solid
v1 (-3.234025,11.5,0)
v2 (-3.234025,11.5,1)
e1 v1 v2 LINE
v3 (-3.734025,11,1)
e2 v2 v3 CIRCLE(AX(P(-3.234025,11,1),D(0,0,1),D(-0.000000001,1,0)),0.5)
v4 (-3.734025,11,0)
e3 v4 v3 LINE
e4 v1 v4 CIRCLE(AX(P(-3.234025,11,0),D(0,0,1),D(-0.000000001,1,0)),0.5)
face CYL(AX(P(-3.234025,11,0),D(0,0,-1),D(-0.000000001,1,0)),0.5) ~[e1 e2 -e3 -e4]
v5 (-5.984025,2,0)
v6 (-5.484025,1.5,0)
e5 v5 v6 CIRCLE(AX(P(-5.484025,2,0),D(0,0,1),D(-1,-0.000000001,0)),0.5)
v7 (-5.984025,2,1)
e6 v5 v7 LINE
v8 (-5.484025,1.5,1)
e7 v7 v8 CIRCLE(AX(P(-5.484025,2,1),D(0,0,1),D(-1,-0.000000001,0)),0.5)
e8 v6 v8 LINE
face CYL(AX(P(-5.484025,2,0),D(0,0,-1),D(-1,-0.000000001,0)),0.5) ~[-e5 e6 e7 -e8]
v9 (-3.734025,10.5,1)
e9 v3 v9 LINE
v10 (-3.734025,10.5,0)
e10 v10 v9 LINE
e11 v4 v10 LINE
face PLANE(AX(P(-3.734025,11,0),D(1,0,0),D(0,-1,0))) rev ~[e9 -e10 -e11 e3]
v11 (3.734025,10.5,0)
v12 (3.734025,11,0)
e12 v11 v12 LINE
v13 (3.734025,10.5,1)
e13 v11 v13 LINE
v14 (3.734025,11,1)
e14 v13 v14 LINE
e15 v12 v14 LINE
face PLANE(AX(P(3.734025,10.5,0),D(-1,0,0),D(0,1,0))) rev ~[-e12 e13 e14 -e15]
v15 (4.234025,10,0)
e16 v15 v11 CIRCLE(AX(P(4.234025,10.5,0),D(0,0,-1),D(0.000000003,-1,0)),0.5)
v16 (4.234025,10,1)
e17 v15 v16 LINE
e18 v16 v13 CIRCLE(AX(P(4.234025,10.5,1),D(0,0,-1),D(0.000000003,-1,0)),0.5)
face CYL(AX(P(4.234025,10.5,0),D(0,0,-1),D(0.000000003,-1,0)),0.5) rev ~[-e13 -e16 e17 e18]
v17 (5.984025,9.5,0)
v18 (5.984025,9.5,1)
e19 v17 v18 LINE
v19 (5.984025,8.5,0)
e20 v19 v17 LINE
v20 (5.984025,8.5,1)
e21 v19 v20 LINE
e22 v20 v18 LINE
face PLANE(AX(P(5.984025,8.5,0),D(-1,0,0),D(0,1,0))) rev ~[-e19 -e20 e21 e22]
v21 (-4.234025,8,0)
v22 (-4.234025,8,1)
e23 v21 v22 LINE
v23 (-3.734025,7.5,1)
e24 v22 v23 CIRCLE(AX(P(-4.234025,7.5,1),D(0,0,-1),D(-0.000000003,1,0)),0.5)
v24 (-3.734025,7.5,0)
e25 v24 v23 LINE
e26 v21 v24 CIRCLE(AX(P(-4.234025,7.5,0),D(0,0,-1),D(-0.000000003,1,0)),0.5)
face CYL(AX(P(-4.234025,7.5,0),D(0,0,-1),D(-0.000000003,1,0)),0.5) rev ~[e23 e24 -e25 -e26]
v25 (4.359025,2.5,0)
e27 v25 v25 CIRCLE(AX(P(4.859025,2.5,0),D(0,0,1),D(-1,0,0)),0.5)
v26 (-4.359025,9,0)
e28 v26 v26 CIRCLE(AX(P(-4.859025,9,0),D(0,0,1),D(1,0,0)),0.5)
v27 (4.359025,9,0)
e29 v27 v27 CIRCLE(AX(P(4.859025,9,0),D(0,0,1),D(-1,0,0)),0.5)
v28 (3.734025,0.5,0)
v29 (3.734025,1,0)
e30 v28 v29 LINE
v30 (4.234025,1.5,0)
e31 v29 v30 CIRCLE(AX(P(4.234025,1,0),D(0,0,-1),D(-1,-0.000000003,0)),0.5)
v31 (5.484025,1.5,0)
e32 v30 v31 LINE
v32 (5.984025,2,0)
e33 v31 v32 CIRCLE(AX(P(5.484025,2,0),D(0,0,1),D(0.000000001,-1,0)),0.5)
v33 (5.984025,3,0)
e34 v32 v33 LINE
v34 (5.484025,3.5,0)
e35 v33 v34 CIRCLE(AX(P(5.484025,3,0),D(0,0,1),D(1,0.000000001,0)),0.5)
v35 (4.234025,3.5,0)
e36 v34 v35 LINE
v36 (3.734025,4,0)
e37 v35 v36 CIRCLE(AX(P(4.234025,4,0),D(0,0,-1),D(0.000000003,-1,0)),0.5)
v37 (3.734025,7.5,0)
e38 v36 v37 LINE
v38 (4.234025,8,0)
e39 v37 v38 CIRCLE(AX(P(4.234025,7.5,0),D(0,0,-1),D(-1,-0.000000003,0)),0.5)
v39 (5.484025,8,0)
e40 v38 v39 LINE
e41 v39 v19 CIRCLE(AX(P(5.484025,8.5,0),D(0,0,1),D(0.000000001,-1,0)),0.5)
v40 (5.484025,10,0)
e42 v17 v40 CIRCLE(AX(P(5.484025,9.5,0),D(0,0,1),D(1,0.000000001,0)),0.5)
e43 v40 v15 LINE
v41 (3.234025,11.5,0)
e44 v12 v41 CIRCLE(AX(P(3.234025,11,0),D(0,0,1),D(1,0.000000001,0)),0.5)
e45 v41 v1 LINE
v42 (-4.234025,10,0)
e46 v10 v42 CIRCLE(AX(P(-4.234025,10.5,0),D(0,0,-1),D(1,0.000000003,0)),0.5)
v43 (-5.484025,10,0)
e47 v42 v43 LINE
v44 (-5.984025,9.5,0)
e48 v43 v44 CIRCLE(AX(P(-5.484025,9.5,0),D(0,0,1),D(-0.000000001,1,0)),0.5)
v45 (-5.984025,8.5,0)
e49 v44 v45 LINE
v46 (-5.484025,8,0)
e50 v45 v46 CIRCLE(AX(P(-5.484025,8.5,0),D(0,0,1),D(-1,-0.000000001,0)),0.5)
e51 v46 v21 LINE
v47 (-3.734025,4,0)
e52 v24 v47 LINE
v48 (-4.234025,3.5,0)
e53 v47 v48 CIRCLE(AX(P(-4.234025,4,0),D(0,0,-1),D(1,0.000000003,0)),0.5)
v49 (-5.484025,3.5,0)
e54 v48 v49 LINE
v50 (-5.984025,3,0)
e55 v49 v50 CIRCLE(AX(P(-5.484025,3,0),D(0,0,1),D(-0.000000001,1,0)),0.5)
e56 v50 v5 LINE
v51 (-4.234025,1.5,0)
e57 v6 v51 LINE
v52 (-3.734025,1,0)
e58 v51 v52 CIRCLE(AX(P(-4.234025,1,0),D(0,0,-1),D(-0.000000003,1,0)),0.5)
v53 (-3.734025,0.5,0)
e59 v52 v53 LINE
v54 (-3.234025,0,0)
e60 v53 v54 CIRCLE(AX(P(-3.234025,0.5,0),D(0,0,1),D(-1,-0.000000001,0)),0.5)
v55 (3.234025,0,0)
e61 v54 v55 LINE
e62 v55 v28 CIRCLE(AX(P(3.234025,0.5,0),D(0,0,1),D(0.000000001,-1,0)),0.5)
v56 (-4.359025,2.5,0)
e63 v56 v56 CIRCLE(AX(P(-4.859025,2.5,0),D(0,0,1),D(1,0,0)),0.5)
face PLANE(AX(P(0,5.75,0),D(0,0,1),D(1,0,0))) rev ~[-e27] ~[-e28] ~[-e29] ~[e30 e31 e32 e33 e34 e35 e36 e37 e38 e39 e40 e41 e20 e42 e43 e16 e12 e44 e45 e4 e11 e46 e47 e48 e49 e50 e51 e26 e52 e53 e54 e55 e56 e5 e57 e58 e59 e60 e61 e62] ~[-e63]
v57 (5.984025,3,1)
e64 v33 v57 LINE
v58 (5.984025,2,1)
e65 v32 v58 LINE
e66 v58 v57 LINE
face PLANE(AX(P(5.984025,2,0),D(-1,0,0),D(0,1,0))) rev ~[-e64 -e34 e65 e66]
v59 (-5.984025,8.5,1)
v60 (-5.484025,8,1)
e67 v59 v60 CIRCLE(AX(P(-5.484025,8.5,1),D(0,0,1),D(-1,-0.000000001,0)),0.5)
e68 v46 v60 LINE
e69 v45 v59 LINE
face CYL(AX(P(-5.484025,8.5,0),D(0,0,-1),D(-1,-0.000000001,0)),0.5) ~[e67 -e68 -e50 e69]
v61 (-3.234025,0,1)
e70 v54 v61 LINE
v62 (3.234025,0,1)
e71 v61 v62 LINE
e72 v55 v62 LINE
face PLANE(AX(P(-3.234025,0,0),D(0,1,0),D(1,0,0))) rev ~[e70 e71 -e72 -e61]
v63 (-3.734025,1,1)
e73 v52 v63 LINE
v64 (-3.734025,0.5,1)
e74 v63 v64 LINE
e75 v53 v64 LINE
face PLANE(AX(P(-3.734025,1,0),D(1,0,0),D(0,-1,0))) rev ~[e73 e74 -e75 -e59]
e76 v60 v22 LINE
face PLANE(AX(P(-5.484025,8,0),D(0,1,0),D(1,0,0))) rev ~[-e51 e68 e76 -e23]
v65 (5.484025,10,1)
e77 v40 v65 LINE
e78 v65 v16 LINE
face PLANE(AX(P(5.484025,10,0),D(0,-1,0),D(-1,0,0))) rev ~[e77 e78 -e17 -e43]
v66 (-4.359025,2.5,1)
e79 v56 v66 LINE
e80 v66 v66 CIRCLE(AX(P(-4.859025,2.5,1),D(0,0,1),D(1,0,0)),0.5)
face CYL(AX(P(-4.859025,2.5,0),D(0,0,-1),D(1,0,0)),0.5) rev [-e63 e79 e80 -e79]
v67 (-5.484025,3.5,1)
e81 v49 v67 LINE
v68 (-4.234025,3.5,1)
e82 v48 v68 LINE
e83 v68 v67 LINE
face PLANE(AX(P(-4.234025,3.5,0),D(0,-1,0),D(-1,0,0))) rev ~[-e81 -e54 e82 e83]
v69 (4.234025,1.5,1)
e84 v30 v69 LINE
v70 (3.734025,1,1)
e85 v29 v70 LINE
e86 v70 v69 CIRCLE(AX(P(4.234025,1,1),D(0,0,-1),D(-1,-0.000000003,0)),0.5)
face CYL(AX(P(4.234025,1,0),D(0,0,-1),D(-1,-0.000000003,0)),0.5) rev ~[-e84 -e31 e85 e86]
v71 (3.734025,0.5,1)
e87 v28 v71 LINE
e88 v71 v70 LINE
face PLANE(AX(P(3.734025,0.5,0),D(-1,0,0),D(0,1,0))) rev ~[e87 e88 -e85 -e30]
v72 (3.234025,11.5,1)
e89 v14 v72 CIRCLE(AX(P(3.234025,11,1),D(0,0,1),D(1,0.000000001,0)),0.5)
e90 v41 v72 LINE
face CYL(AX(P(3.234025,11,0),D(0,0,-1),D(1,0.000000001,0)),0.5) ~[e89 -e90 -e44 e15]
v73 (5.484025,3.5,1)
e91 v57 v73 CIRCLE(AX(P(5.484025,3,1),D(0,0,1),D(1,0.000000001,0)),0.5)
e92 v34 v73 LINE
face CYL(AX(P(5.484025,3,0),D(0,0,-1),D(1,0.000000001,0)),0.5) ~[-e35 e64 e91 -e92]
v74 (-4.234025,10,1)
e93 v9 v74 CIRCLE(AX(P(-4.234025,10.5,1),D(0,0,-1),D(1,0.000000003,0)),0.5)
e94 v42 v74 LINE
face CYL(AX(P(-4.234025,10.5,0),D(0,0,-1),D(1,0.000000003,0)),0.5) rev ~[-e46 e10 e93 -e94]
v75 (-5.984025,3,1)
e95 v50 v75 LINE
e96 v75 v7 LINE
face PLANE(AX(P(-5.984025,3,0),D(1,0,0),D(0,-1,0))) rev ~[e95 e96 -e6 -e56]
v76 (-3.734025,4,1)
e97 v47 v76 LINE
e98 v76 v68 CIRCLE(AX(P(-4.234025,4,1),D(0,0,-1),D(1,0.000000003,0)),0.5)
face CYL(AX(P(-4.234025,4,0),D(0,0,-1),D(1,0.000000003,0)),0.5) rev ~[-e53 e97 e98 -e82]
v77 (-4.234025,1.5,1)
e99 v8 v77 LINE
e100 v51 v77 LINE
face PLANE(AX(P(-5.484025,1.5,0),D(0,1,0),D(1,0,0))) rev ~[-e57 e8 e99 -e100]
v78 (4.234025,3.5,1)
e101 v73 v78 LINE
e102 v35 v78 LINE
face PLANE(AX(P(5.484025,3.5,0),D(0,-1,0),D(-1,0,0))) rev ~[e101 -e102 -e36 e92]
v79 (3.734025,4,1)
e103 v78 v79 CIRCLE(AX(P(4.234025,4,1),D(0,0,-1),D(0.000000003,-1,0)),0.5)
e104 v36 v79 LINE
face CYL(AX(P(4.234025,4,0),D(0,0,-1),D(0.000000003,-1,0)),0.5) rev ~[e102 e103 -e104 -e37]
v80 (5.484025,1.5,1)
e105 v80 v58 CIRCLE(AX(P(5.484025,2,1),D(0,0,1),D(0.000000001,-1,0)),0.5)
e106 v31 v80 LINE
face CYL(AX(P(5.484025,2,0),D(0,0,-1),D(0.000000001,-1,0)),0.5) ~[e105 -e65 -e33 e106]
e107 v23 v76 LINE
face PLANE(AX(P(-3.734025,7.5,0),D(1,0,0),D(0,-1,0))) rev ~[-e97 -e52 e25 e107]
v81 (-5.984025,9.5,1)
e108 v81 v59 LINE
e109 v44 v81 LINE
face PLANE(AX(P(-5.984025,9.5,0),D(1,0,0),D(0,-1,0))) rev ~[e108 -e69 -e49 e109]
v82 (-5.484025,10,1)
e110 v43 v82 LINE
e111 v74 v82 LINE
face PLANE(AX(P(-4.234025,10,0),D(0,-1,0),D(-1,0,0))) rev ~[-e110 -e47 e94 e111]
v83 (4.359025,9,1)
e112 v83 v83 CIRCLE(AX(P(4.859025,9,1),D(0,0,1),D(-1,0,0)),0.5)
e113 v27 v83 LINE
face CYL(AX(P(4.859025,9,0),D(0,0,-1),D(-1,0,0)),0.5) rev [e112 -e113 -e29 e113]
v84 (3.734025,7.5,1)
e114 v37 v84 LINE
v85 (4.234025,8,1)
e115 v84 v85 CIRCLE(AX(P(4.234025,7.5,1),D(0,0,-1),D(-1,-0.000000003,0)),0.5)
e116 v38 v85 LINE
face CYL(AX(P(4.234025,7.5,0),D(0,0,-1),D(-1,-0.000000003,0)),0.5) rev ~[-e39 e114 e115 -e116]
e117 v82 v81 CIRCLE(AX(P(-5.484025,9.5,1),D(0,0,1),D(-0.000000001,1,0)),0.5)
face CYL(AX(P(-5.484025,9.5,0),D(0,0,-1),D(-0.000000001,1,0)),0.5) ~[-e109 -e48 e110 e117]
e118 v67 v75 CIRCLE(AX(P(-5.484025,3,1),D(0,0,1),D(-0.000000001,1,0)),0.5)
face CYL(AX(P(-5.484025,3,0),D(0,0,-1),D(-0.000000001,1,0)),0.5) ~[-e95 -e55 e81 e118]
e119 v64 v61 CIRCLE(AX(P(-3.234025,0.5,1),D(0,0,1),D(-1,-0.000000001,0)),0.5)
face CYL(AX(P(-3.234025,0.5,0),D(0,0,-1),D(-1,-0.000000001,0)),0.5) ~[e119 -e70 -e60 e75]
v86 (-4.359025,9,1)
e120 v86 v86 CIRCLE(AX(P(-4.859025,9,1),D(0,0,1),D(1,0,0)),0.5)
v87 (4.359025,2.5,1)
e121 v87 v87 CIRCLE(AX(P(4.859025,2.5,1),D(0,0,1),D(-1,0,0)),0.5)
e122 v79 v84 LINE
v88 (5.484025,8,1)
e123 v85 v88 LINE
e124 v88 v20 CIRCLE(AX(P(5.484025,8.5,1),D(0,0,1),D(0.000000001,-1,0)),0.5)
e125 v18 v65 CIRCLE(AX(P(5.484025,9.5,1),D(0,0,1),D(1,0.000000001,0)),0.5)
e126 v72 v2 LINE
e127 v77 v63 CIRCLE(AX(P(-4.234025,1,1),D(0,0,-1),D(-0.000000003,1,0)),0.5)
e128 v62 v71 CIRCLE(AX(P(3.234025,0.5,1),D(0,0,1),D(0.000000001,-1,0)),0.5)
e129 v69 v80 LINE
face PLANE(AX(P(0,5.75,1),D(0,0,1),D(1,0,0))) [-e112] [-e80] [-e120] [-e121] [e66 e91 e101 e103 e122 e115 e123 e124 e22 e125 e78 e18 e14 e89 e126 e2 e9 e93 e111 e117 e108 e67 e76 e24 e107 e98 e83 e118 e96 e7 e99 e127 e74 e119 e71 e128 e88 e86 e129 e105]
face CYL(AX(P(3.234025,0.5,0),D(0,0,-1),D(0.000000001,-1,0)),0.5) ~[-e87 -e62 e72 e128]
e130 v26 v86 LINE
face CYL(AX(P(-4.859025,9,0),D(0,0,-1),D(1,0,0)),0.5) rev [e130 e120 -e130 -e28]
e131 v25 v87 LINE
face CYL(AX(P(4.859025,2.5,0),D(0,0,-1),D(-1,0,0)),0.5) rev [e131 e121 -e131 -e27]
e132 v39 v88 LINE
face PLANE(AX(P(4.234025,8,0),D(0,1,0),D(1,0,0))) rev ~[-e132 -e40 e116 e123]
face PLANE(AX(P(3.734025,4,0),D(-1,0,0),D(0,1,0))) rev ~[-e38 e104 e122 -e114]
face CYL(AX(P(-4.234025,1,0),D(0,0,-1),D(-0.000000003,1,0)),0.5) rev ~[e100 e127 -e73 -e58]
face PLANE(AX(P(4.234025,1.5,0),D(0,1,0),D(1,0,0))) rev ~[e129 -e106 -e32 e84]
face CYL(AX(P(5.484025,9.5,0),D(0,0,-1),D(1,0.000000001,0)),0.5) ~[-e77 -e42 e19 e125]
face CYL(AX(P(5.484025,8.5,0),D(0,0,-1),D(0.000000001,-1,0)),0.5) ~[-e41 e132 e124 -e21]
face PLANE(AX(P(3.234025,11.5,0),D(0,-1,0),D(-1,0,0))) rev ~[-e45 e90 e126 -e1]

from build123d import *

# Parameters (mm, degrees)
SKETCH1_R           = 0.5
BOSS_EXTRUDE1_DEPTH = 1


with BuildPart() as part:
    # Sketch1 → Boss-Extrude1 (new body)
    with BuildSketch(Plane.XY):
        with BuildLine():
            Line((-3.734024834, 11), (-3.734024834, 10.5))
            ThreePointArc((-3.734024834, 10.5), (-3.880471443, 10.146446609), (-4.234024834, 10))
            Line((-4.234024834, 10), (-5.484024834, 10))
            ThreePointArc((-5.484024834, 10), (-5.837578224, 9.853553391), (-5.984024834, 9.5))
            Line((-5.984024834, 9.5), (-5.984024834, 8.5))
            ThreePointArc((-5.984024834, 8.5), (-5.837578224, 8.146446609), (-5.484024834, 8))
            Line((-5.484024834, 8), (-4.234024834, 8))
            ThreePointArc((-4.234024834, 8), (-3.880471443, 7.853553391), (-3.734024834, 7.5))
            Line((-3.734024834, 7.5), (-3.734024834, 4))
            ThreePointArc((-3.734024834, 4), (-3.880471443, 3.646446609), (-4.234024834, 3.5))
            Line((-4.234024834, 3.5), (-5.484024834, 3.5))
            ThreePointArc((-5.484024834, 3.5), (-5.837578224, 3.353553391), (-5.984024834, 3))
            Line((-5.984024834, 3), (-5.984024834, 2))
            ThreePointArc((-5.984024834, 2), (-5.837578224, 1.646446609), (-5.484024834, 1.5))
            Line((-5.484024834, 1.5), (-4.234024834, 1.5))
            ThreePointArc((-4.234024834, 1.5), (-3.880471443, 1.353553391), (-3.734024834, 1))
            Line((-3.734024834, 1), (-3.734024834, 0.5))
            ThreePointArc((-3.734024834, 0.5), (-3.587578224, 0.146446609), (-3.234024834, 0))
            Line((-3.234024834, 0), (3.234024834, 0))
            ThreePointArc((3.234024834, 0), (3.587578224, 0.146446609), (3.734024834, 0.5))
            Line((3.734024834, 0.5), (3.734024834, 1))
            ThreePointArc((3.734024834, 1), (3.880471443, 1.353553391), (4.234024834, 1.5))
            Line((4.234024834, 1.5), (5.484024834, 1.5))
            ThreePointArc((5.484024834, 1.5), (5.837578224, 1.646446609), (5.984024834, 2))
            Line((5.984024834, 2), (5.984024834, 3))
            ThreePointArc((5.984024834, 3), (5.837578224, 3.353553391), (5.484024834, 3.5))
            Line((5.484024834, 3.5), (4.234024834, 3.5))
            ThreePointArc((4.234024834, 3.5), (3.880471443, 3.646446609), (3.734024834, 4))
            Line((3.734024834, 4), (3.734024834, 7.5))
            ThreePointArc((3.734024834, 7.5), (3.880471443, 7.853553391), (4.234024834, 8))
            Line((4.234024834, 8), (5.484024834, 8))
            ThreePointArc((5.484024834, 8), (5.837578224, 8.146446609), (5.984024834, 8.5))
            Line((5.984024834, 8.5), (5.984024834, 9.5))
            ThreePointArc((5.984024834, 9.5), (5.837578224, 9.853553391), (5.484024834, 10))
            Line((5.484024834, 10), (4.234024834, 10))
            ThreePointArc((4.234024834, 10), (3.880471443, 10.146446609), (3.734024834, 10.5))
            Line((3.734024834, 10.5), (3.734024834, 11))
            ThreePointArc((3.734024834, 11), (3.587578224, 11.353553391), (3.234024834, 11.5))
            Line((3.234024834, 11.5), (-3.234024834, 11.5))
            ThreePointArc((-3.234024834, 11.5), (-3.587578224, 11.353553391), (-3.734024834, 11))
        make_face()
        with Locations((-4.859024834, 9)):
            Circle(SKETCH1_R, mode=Mode.SUBTRACT)
        with Locations((-4.859024834, 2.5)):
            Circle(SKETCH1_R, mode=Mode.SUBTRACT)
        with Locations(Location((4.859024834, 2.5, 0), (0, 0, 180))):
            Circle(SKETCH1_R, mode=Mode.SUBTRACT)
        with Locations(Location((4.859024834, 9, 0), (0, 0, 180))):
            Circle(SKETCH1_R, mode=Mode.SUBTRACT)
    extrude(amount=BOSS_EXTRUDE1_DEPTH)


solid = part.part
